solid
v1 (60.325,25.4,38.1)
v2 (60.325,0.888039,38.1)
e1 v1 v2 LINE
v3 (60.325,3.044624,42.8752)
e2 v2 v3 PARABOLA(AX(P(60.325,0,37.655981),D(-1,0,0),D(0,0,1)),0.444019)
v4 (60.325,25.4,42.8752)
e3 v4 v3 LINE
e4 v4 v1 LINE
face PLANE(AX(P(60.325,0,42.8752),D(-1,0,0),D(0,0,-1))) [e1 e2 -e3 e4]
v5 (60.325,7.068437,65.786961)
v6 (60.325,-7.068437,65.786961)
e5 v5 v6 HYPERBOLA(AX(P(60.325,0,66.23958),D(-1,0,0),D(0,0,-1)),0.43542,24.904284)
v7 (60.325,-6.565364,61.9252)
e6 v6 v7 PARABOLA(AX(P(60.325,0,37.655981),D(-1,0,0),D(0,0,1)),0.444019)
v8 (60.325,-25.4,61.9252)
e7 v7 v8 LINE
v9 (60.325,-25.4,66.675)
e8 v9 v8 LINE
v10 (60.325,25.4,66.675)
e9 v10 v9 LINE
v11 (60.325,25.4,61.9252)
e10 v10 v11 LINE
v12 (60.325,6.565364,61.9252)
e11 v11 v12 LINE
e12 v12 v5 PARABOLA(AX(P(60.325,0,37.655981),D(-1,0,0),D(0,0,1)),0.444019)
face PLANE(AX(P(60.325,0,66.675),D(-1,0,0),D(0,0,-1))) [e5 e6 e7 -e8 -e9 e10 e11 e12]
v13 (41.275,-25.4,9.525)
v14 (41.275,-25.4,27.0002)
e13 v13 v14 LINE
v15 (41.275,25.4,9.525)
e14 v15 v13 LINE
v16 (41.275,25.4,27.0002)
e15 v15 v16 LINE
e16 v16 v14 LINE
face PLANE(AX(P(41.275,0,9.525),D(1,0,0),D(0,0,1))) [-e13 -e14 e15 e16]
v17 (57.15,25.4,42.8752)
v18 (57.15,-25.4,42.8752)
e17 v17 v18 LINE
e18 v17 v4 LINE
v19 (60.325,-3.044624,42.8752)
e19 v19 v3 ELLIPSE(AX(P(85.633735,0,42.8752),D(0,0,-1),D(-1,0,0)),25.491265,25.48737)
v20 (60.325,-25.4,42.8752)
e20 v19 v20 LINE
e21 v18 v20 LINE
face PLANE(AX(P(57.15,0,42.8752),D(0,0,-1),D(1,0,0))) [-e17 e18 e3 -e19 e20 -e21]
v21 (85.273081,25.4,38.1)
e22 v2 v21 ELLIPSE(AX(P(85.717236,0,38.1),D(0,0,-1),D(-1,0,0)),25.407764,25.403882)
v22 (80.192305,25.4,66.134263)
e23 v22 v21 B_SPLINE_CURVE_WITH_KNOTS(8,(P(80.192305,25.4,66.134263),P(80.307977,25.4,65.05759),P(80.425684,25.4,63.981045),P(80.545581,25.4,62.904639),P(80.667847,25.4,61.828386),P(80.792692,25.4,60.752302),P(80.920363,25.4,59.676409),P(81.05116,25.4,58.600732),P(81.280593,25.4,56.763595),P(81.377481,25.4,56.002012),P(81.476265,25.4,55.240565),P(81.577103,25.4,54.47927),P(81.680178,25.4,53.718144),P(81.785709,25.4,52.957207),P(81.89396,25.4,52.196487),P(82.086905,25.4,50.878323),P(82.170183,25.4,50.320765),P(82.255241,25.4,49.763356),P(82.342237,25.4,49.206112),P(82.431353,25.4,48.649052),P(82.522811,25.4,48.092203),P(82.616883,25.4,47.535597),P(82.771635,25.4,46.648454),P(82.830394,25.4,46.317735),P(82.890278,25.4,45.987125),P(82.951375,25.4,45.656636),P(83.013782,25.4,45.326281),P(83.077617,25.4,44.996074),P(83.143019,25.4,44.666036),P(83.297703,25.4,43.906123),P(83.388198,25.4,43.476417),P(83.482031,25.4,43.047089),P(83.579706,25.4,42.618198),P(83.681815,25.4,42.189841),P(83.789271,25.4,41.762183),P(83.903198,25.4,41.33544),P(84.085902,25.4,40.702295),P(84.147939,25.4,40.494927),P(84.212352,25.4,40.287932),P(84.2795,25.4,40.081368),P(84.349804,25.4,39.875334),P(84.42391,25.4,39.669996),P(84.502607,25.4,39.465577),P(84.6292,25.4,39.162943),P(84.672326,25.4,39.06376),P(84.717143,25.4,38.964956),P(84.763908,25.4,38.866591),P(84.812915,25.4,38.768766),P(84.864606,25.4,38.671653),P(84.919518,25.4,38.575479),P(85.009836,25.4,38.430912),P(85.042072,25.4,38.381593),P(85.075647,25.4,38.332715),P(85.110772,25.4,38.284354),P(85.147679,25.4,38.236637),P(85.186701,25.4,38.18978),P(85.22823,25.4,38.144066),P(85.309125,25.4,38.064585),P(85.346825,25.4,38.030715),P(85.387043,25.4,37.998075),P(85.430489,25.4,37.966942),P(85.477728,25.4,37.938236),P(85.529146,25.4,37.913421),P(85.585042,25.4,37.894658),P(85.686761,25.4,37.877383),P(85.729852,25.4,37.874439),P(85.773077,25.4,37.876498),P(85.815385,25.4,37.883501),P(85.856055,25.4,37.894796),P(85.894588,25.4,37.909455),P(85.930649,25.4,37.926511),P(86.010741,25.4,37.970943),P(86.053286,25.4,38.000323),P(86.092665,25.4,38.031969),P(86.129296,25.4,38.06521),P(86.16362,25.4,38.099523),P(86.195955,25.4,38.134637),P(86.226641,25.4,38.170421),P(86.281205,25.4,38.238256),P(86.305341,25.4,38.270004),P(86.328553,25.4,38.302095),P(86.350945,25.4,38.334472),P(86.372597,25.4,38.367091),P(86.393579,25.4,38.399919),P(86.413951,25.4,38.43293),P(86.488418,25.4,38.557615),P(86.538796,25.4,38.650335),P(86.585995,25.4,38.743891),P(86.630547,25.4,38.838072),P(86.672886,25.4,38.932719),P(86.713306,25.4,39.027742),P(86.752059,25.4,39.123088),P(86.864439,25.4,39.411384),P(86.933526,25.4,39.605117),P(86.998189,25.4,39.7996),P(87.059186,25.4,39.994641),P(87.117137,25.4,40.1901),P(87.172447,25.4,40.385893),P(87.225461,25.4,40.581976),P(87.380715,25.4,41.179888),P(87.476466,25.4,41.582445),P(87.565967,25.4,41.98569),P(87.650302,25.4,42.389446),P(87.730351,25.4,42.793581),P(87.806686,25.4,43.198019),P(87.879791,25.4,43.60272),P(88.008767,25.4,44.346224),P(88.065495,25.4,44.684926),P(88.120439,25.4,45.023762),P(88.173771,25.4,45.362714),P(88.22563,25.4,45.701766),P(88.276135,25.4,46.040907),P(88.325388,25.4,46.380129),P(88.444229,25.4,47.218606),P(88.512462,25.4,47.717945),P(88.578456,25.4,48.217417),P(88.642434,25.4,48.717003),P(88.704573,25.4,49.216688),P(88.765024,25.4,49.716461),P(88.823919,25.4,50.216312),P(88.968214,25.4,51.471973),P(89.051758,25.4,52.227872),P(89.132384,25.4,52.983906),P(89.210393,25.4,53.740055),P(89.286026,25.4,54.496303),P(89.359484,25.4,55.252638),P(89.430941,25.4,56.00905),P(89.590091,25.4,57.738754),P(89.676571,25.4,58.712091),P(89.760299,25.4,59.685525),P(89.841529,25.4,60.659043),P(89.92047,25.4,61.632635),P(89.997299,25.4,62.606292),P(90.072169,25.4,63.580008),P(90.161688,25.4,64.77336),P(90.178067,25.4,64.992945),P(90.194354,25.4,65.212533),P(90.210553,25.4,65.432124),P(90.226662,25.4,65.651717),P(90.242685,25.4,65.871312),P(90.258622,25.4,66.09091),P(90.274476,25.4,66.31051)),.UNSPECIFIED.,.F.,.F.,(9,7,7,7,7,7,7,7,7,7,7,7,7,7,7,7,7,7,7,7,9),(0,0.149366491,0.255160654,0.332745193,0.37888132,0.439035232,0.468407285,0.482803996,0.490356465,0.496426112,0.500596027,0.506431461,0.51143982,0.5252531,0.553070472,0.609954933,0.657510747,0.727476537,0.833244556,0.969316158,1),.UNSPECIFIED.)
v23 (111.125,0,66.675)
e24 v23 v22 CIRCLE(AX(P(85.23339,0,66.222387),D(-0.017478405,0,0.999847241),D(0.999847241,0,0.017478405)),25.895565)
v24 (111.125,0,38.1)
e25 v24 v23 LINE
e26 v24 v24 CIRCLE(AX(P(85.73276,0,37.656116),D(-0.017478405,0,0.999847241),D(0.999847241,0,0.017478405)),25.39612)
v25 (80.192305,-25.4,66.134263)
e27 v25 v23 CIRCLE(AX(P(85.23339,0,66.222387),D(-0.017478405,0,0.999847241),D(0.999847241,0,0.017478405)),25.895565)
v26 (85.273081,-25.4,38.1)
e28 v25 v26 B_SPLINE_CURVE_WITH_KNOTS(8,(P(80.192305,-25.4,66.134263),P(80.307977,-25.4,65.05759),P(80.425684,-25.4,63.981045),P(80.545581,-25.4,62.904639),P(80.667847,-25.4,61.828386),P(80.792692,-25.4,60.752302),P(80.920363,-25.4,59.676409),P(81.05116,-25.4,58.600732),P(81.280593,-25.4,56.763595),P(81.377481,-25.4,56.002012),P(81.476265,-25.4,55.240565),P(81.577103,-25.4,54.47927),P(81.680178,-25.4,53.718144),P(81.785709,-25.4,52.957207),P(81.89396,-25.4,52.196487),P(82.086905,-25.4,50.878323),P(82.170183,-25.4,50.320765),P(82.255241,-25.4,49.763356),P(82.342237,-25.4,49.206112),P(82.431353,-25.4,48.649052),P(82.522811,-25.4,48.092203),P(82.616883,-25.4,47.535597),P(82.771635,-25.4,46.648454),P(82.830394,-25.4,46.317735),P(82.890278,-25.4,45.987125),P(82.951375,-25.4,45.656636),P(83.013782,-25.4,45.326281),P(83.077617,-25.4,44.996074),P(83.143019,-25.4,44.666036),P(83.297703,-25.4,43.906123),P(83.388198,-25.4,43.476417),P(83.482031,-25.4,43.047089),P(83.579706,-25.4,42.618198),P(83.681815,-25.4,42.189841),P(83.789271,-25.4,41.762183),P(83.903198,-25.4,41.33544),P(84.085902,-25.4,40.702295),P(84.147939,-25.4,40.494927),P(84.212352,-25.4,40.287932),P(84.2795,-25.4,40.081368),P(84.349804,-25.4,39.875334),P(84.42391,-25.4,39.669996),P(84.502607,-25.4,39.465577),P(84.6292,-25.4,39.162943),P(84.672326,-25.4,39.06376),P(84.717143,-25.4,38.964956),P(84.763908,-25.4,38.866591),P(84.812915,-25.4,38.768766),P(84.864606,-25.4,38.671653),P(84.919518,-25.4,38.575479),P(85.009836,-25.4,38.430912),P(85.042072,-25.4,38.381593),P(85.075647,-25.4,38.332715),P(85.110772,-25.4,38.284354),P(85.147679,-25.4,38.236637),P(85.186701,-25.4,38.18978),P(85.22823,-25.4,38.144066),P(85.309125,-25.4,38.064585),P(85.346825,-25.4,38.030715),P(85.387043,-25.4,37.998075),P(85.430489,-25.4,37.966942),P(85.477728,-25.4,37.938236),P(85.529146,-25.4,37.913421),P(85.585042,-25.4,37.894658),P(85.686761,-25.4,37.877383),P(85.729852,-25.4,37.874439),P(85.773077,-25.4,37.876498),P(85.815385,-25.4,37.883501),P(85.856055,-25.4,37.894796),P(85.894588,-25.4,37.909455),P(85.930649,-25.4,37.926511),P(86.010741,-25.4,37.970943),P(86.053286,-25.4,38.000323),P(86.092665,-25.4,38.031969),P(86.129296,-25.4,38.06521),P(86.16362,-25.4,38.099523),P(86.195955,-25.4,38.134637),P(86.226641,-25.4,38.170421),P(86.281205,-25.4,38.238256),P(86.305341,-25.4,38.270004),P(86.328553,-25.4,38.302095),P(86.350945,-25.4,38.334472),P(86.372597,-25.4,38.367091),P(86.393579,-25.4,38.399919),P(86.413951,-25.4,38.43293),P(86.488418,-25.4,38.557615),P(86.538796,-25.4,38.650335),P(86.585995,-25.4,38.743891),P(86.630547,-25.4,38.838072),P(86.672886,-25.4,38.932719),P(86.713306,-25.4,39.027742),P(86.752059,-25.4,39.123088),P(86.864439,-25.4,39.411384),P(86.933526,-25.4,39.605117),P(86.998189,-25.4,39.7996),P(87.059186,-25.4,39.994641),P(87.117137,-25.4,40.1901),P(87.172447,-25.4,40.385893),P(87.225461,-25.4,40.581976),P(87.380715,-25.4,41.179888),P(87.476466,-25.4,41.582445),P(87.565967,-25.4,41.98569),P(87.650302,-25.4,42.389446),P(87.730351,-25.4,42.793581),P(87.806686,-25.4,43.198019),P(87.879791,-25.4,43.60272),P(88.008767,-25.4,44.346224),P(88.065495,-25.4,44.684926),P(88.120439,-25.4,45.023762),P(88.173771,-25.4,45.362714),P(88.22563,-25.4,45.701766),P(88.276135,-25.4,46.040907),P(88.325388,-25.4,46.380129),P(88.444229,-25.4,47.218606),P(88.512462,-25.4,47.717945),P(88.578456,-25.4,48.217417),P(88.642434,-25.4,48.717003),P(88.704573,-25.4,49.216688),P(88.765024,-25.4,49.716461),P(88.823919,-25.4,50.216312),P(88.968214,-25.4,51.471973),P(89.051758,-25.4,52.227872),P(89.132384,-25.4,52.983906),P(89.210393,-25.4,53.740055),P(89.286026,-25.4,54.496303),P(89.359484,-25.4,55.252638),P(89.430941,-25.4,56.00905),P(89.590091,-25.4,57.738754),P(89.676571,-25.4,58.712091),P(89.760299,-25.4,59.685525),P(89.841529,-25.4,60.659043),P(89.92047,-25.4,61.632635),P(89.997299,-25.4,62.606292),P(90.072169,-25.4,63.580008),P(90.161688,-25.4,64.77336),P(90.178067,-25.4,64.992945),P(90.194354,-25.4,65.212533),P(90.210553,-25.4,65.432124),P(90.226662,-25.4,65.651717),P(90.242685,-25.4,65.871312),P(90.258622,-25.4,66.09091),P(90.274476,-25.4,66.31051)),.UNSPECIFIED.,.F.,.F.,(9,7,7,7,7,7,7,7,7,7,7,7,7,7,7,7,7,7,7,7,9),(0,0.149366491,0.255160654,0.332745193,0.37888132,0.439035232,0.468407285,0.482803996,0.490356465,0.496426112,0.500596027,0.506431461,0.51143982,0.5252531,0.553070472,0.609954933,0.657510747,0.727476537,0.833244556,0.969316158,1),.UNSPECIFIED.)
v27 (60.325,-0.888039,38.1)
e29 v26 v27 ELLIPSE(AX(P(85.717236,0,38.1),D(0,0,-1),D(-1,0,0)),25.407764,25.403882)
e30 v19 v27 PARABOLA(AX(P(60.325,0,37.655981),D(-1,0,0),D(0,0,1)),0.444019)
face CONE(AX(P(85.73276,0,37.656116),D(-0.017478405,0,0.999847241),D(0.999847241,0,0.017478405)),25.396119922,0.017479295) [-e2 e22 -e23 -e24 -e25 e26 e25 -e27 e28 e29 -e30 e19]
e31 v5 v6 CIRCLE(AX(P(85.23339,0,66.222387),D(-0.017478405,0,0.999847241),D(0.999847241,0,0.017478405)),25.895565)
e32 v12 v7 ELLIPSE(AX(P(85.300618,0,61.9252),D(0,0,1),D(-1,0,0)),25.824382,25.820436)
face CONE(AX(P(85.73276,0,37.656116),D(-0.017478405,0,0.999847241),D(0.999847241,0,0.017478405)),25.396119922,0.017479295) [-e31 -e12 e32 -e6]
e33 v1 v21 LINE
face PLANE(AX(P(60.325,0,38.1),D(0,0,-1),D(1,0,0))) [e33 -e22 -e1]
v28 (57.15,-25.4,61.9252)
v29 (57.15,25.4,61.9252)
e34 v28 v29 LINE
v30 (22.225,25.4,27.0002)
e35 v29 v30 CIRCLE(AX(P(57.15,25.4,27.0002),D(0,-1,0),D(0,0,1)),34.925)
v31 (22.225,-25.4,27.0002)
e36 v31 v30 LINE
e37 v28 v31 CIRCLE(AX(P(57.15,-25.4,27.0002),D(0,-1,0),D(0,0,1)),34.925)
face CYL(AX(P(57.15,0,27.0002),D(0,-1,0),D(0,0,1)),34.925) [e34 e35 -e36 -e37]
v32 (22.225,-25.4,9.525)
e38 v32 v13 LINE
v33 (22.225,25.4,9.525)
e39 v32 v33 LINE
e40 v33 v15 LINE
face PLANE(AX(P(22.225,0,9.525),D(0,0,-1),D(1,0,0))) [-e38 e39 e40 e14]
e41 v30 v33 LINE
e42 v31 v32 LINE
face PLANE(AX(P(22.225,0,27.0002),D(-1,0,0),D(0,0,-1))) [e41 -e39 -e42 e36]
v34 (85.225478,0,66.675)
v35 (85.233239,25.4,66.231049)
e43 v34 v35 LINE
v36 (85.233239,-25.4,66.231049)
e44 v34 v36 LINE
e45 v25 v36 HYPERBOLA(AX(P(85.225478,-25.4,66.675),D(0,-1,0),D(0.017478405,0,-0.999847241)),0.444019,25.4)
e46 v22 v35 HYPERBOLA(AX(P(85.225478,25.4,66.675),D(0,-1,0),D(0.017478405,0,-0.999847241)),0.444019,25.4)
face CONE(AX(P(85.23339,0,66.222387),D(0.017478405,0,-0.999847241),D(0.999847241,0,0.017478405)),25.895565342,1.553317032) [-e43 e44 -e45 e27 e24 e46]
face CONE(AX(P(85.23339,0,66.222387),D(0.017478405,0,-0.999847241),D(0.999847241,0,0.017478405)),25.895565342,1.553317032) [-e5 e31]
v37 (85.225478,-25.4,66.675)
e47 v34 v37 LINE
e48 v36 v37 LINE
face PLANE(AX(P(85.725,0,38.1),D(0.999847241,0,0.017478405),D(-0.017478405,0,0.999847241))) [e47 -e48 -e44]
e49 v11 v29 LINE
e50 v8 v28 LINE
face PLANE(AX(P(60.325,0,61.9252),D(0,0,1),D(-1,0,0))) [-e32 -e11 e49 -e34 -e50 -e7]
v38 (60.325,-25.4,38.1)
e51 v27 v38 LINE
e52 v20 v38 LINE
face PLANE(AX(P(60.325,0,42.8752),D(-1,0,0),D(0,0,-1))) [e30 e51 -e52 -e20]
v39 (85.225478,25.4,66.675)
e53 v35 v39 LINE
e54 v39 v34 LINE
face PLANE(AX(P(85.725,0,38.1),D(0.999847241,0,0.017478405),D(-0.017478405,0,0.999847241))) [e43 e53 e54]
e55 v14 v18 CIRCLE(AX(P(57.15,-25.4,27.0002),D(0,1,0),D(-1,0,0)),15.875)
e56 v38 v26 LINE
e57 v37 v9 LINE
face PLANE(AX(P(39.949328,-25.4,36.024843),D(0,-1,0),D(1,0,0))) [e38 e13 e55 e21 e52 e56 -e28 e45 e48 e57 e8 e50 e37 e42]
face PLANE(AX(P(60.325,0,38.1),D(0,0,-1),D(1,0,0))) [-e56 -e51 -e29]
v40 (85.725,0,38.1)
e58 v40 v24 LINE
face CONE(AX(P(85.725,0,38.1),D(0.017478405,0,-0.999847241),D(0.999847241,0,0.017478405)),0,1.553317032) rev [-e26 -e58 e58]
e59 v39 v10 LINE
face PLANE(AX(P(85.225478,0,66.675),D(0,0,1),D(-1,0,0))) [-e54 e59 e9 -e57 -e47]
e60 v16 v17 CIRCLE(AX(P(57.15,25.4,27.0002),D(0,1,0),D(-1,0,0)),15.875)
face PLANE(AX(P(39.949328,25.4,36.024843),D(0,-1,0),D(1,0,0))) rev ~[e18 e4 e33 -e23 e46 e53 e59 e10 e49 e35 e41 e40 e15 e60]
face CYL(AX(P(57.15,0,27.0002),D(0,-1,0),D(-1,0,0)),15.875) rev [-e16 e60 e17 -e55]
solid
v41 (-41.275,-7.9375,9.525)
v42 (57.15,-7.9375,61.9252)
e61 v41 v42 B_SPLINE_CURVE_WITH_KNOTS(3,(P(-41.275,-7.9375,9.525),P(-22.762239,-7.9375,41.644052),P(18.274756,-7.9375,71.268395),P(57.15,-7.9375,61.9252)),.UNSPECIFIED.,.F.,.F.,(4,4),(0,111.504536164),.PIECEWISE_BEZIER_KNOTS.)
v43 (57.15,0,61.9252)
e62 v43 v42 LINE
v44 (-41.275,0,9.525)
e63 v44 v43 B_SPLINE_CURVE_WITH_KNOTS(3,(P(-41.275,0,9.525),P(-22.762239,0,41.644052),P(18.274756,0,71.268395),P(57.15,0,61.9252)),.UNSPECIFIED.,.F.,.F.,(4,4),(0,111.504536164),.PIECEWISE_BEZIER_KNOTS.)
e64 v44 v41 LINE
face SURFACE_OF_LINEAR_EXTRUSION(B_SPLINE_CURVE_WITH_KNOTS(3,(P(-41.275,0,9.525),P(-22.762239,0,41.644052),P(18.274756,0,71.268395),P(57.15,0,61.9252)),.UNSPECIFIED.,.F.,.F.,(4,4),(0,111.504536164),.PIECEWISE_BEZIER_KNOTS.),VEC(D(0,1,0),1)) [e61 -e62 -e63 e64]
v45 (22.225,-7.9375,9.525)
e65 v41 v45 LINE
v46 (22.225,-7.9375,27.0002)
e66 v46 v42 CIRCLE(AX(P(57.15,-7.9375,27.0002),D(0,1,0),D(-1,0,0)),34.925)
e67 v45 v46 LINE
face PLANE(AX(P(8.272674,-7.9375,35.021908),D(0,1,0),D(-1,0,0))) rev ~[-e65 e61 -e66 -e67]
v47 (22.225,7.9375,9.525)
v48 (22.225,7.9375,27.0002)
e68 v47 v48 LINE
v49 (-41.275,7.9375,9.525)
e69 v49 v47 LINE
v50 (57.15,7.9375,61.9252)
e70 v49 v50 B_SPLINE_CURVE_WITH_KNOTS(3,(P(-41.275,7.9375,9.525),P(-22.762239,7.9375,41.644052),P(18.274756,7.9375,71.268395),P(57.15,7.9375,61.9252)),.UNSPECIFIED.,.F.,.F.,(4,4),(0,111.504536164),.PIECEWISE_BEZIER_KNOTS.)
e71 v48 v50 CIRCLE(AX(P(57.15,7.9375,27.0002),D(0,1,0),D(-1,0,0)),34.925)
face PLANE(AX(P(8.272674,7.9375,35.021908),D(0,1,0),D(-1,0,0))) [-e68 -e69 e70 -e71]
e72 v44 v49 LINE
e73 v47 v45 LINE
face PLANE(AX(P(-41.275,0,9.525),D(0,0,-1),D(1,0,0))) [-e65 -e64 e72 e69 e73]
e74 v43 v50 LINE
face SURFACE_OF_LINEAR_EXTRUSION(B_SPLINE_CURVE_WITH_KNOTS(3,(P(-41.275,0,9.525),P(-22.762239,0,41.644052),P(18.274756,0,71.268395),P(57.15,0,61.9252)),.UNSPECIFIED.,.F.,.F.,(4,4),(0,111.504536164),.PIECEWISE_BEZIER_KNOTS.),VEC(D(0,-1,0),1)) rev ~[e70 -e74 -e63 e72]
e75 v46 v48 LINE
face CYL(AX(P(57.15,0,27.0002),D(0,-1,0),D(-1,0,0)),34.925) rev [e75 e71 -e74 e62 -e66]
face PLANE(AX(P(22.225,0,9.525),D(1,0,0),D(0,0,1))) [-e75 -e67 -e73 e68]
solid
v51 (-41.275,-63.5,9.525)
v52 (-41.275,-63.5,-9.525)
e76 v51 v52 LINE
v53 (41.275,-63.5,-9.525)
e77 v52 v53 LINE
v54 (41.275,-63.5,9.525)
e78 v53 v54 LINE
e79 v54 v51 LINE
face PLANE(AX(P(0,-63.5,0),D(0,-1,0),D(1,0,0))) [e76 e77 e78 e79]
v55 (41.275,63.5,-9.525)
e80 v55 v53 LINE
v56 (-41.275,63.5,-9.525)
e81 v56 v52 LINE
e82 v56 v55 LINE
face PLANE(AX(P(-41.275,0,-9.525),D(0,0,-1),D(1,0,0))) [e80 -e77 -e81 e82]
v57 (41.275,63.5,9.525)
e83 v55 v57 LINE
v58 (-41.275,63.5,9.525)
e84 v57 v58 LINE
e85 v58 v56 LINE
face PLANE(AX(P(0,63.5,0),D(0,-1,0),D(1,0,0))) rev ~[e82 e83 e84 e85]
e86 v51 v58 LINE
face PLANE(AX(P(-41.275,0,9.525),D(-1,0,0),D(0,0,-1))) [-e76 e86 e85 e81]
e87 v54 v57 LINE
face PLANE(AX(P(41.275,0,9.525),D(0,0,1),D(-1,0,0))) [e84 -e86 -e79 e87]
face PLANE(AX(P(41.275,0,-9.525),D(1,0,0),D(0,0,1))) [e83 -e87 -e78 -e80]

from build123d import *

# Parameters (mm, degrees)
F1_DEPTH = 63.5
F2_DEPTH = 25.4
F3_DEPTH = 7.9375


with BuildPart() as f1:
    # F0 (on Front) → F1 (new body, symmetric)
    with BuildSketch(Plane.XZ):
        Polygon((-41.275, 9.525), (-41.275, -9.525), (41.275, -9.525), (41.275, 9.525), (22.225, 9.525), align=None)
    extrude(amount=F1_DEPTH, both=True)


with BuildPart() as f2:
    # F0 (on Front) → F2 (new body, symmetric)
    with BuildSketch(Plane.XZ):
        with BuildLine():
            Line((22.225, 9.525), (41.275, 9.525))
            Line((41.275, 9.525), (41.275, 27.0002))
            ThreePointArc((41.275, 27.0002), (45.9246798487, 38.2255201513), (57.15, 42.8752))
            Line((57.15, 42.8752), (60.325, 42.8752))
            Line((60.325, 42.8752), (60.325, 61.9252))
            Line((60.325, 61.9252), (57.15, 61.9252))
            ThreePointArc((57.15, 61.9252), (32.4542956671, 51.6959043329), (22.225, 27.0002))
            Line((22.225, 27.0002), (22.225, 9.525))
        make_face()
        Polygon((60.325, 66.675), (60.325, 61.9252), (60.325, 42.8752), (60.325, 38.1), (85.725, 38.1), (85.2254782739, 66.675), align=None)
    extrude(amount=F2_DEPTH, both=True)

    # F0 (on Front) → F4 (revolve)
    with BuildSketch(Plane.XZ):
        Polygon((111.125, 66.675), (85.2254782739, 66.675), (85.725, 38.1), (111.125, 38.1), align=None)
    revolve(axis=Axis((85.4752391369, 0, 52.3875), (-0.0174784049, 0, 0.999847241)))


with BuildPart() as f3:
    # F0 (on Front) → F3 (new body, symmetric)
    with BuildSketch(Plane.XZ):
        with BuildLine():
            add(Edge.make_bspline(
                [(-41.275, 9.525), (-22.7622389793, 41.644051671), (18.2747561485, 71.2683945894), (57.15, 61.9252)],
                knots=[0, 0, 0, 0, 111.5045361635, 111.5045361635, 111.5045361635, 111.5045361635], degree=3))
            Line((-41.275, 9.525), (22.225, 9.525))
            Line((22.225, 9.525), (22.225, 27.0002))
            ThreePointArc((22.225, 27.0002), (32.4542956671, 51.6959043329), (57.15, 61.9252))
        make_face()
    extrude(amount=F3_DEPTH, both=True)


solid = Compound([f1.part, f2.part, f3.part])
